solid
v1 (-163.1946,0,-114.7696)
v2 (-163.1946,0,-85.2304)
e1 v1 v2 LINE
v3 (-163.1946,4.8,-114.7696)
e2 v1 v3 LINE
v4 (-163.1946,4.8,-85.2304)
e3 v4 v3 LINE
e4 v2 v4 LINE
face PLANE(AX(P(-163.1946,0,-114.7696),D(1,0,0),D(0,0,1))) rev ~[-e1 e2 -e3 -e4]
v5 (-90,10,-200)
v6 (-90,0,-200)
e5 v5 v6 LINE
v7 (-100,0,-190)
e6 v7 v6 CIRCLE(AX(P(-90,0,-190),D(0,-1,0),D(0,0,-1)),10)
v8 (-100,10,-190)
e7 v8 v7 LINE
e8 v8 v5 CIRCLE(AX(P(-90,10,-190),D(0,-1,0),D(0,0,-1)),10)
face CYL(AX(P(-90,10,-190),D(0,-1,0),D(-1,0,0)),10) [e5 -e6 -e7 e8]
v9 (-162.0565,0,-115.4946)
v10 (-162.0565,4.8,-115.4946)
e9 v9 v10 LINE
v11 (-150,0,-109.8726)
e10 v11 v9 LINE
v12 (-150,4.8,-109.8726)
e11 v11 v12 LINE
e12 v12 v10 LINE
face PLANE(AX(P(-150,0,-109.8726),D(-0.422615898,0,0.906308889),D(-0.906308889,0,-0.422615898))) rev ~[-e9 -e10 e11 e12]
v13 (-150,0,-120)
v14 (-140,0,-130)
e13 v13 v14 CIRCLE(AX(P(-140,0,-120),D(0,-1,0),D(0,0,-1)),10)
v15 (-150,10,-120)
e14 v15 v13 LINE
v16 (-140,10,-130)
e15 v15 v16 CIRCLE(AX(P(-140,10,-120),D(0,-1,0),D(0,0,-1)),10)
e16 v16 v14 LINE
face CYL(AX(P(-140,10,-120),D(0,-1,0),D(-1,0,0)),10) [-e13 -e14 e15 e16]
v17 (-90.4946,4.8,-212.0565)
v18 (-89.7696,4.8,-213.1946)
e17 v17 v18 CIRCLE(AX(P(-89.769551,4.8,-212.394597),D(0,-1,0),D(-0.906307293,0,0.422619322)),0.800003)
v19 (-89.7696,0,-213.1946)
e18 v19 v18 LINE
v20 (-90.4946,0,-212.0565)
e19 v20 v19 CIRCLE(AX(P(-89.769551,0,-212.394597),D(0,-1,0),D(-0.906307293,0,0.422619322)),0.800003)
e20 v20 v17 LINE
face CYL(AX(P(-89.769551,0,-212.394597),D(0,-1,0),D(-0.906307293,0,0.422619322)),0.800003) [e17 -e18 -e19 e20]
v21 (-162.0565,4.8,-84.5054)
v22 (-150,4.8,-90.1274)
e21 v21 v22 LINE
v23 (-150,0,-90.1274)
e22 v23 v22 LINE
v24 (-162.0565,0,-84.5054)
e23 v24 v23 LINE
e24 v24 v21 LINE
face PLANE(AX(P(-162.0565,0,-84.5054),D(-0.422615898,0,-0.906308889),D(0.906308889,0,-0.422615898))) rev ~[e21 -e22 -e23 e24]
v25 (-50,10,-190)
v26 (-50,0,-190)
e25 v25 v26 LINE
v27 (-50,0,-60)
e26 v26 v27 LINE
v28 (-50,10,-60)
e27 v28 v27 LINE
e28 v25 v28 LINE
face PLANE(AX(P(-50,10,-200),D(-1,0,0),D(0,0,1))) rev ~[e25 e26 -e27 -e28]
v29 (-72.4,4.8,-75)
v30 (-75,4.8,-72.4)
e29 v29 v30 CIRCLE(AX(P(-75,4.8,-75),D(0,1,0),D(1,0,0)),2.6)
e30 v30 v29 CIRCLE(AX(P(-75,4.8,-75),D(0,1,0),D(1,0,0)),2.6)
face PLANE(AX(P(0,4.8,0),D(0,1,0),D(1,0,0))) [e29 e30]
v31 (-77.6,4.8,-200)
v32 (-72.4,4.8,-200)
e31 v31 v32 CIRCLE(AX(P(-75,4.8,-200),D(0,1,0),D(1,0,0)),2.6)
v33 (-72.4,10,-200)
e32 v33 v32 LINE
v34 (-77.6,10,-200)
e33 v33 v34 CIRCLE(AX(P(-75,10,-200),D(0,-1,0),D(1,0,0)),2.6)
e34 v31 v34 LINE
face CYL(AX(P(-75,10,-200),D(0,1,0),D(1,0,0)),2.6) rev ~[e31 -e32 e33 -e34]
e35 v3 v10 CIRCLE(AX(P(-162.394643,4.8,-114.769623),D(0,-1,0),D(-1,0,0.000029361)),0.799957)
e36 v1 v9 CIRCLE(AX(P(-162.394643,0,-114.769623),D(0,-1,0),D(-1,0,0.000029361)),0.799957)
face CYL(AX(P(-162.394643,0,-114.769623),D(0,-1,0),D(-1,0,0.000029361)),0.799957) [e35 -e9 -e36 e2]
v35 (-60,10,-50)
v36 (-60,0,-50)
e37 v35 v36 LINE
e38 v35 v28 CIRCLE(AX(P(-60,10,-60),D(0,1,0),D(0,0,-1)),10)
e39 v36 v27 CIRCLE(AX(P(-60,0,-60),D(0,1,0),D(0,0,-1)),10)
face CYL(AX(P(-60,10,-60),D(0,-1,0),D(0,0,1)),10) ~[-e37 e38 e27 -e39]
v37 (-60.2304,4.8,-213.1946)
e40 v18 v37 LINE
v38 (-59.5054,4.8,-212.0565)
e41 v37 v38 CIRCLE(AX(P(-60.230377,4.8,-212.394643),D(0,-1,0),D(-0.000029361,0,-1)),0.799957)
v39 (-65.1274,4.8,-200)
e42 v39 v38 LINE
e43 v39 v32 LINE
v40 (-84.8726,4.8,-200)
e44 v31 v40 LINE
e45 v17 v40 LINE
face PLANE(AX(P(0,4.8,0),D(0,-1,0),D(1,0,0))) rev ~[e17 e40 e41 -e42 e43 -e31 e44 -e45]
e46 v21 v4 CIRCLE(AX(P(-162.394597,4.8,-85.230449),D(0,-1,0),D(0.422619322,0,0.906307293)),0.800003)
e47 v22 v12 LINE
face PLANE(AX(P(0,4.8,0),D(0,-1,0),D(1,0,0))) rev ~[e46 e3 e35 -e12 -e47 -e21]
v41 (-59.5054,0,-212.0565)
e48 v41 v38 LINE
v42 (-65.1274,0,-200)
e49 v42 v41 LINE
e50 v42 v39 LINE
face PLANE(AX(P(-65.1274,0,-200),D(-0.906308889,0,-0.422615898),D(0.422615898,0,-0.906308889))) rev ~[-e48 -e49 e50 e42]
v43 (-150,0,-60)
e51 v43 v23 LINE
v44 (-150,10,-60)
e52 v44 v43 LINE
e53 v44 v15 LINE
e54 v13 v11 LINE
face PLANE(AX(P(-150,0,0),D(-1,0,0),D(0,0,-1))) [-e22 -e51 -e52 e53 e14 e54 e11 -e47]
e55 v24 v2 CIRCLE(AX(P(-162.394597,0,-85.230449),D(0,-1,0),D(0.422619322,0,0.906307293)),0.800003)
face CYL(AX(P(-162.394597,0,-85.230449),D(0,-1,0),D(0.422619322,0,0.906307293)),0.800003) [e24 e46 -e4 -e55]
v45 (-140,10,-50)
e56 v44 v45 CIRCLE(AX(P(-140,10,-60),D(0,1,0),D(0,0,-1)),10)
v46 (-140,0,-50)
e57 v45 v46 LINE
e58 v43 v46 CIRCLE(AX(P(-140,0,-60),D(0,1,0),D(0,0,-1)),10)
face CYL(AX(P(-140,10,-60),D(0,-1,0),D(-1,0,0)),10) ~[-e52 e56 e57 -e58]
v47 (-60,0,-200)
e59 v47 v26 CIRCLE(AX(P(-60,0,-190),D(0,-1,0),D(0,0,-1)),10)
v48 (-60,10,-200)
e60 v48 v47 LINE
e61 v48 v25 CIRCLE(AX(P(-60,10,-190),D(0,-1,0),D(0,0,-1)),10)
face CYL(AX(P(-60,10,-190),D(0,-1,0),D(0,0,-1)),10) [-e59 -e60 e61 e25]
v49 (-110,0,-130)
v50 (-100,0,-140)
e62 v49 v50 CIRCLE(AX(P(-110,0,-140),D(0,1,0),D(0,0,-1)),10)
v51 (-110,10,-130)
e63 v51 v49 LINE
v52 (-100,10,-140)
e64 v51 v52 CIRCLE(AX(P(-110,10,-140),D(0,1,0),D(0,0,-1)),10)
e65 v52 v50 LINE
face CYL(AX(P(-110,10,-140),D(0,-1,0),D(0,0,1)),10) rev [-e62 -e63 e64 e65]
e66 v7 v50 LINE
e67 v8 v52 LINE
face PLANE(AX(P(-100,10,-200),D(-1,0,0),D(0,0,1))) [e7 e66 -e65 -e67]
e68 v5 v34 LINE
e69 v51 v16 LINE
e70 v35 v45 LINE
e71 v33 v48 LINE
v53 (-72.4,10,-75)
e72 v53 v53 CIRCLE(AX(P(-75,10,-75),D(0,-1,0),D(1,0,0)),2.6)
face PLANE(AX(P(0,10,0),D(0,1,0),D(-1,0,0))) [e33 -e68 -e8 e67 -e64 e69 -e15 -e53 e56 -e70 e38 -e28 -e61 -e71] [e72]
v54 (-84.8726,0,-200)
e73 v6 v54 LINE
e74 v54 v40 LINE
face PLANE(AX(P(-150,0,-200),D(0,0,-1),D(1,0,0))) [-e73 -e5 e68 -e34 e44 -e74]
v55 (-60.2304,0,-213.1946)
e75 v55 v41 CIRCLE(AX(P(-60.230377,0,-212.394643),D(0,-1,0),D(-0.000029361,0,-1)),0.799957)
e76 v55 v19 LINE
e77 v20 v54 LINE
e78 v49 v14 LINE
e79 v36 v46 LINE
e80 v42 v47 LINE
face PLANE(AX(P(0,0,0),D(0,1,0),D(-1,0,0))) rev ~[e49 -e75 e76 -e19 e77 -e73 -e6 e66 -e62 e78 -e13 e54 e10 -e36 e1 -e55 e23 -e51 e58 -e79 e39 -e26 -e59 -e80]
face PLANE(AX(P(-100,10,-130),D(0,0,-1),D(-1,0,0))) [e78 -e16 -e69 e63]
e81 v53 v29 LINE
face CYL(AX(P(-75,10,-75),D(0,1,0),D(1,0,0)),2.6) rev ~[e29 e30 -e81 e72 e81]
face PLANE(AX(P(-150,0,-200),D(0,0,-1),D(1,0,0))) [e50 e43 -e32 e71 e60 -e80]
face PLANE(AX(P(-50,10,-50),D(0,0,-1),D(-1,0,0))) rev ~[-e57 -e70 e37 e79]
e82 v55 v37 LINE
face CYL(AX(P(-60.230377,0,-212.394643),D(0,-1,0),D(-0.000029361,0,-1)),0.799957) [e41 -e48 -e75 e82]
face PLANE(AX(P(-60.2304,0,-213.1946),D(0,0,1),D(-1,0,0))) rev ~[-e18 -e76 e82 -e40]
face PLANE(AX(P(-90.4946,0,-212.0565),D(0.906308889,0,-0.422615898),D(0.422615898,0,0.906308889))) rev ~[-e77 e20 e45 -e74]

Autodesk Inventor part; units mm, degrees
ref_plane "YZ Plane" through (0, 0, 0) normal (1, 0, 0) x (0, 1, 0)
ref_plane "XZ Plane" through (0, 0, 0) normal (0, 1, 0) x (-1, 0, 0)
ref_plane "XY Plane" through (0, 0, 0) normal (0, 0, 1) x (1, 0, 0)
sketch "Sketch1" plane through (0, 0, 0) normal (0, 1, 0) x (-1, 0, 0)
  line L0 (0, 0) -> (150, 0)
  line L1 (150, 0) -> (150, -200)
  line L2 (150, -200) -> (0, -200)
  line L3 (0, -200) -> (0, 0)
  line L4 (150, -200) -> (150, -143.8709)
  dimension "d0" = 150
  dimension "d1" = 200
extrude "Extrusion1" add sketch "Sketch1" along normal blind 10
sketch "Sketch3" plane through (0, 0, 0) normal (0, -1, 0) x (1, 0, 0)
  line L0 (-85, -199.8) -> (-85, -213.2303) construction
  line L1 (0, -200) -> (-150, -200) projected
  line L2 (-75, -213.1946) -> (-89.7696, -213.1946)
  arc A0 (-90.4946, -212.0565) -> (-89.7696, -213.1946) centre (-89.7696, -212.3946) ccw
  line L3 (-90.4946, -212.0565) -> (-84.8726, -200)
  line L4 (-84.8726, -200) -> (-65.1274, -200)
  line L5 (-65.1274, -200) -> (-59.5054, -212.0565)
  arc A1 (-60.2304, -213.1946) -> (-59.5054, -212.0565) centre (-60.2304, -212.3946) ccw
  line L6 (-60.2304, -213.1946) -> (-75, -213.1946)
  line L7 (-149.8, -90) -> (-163.2303, -90) construction
  line L8 (-163.1946, -100) -> (-163.1946, -85.2304)
  arc A2 (-162.0565, -84.5054) -> (-163.1946, -85.2304) centre (-162.3946, -85.2304) ccw
  line L9 (-162.0565, -84.5054) -> (-150, -90.1274)
  line L10 (-150, -90.1274) -> (-150, -109.8726)
  line L11 (-150, -109.8726) -> (-162.0565, -115.4946)
  arc A3 (-163.1946, -114.7696) -> (-162.0565, -115.4946) centre (-162.3946, -114.7696) ccw
  line L12 (-163.1946, -114.7696) -> (-163.1946, -100)
  line L13 (-150, -200) -> (-150, 0) projected
  point P0 (0, 0)
  point P1 (-75, -200)
  point P2 (-75, -200)
  point P3 (-150, -100)
  point P4 (-150, -100)
  point P5 (-150, -100)
extrude "Extrusion3" add sketch "Sketch3" against normal blind 4.8
sketch "Sketch5" plane through (0, 10, 0) normal (0, 1, 0) x (1, 0, 0)
  line L0 (-150, 200) -> (-150, 0) projected
  line L1 (-150, 0) -> (-75, 0)
  line L2 (-150, 0) -> (0, 0) projected
  line L3 (-75, 0) -> (-75, 75)
  circle A0 centre (-75, 75) radius 2.5
  circle A1 centre (-75, 75) radius 2.6
  line L4 (-150, 200) -> (-150, 0) projected
  line L5 (-150, 200) -> (-75, 200)
  line L6 (0, 200) -> (-150, 200) projected
  circle A2 centre (-75, 200) radius 2.5
  circle A3 centre (-75, 200) radius 2.6
  point P0 (-150, 89.7793)
  point P1 (-150, 110.2207)
  dimension "d17" = 75
  dimension "d18" = 5
  dimension "d19" = 0.1
  dimension "d20" = 5
  dimension "d21" = 0.1
extrude "Extrusion4" cut sketch "Sketch5" against normal blind 5.2 contours A0 | A1 | A3 L6 A2 L5 | L5 A2 L6 A3 | A2 L6 L5 | L5 L6 A2
sketch "Sketch7" plane through (0, 10, 0) normal (0, 1, 0) x (1, 0, 0)
  line L0 (0, 0) -> (0, 200) projected
  line L1 (-150, 0) -> (0, 0) projected
  line L2 (0, 200) -> (-50, 200)
  line L3 (-50, 200) -> (-50, 0)
  line L4 (-50, 0) -> (0, 0)
  line L5 (0, 0) -> (0, 200)
  line L6 (-150, 0) -> (0, 0)
  line L7 (0, 0) -> (0, 50)
  line L8 (0, 50) -> (-150, 50)
  line L9 (-150, 50) -> (-150, 0)
  line L10 (-150, 200) -> (-100, 200)
  line L11 (-100, 200) -> (-100, 130)
  line L12 (-100, 130) -> (-150, 130)
  line L13 (-150, 130) -> (-150, 200)
  point P0 (-50, 50)
  dimension "d24" = 50
  dimension "d25" = 50
  dimension "d26" = 50
  dimension "d27" = 70
extrude "Extrusion5" cut sketch "Sketch7" against normal blind 10
fillet "Fillet1" radius 10 6 edges at (-50, 5, -200) (-100, 5, -200) (-150, 5, -130) (-100, 5, -130) (-50, 5, -50) (-150, 5, -50)
properties part number "Area nv"
